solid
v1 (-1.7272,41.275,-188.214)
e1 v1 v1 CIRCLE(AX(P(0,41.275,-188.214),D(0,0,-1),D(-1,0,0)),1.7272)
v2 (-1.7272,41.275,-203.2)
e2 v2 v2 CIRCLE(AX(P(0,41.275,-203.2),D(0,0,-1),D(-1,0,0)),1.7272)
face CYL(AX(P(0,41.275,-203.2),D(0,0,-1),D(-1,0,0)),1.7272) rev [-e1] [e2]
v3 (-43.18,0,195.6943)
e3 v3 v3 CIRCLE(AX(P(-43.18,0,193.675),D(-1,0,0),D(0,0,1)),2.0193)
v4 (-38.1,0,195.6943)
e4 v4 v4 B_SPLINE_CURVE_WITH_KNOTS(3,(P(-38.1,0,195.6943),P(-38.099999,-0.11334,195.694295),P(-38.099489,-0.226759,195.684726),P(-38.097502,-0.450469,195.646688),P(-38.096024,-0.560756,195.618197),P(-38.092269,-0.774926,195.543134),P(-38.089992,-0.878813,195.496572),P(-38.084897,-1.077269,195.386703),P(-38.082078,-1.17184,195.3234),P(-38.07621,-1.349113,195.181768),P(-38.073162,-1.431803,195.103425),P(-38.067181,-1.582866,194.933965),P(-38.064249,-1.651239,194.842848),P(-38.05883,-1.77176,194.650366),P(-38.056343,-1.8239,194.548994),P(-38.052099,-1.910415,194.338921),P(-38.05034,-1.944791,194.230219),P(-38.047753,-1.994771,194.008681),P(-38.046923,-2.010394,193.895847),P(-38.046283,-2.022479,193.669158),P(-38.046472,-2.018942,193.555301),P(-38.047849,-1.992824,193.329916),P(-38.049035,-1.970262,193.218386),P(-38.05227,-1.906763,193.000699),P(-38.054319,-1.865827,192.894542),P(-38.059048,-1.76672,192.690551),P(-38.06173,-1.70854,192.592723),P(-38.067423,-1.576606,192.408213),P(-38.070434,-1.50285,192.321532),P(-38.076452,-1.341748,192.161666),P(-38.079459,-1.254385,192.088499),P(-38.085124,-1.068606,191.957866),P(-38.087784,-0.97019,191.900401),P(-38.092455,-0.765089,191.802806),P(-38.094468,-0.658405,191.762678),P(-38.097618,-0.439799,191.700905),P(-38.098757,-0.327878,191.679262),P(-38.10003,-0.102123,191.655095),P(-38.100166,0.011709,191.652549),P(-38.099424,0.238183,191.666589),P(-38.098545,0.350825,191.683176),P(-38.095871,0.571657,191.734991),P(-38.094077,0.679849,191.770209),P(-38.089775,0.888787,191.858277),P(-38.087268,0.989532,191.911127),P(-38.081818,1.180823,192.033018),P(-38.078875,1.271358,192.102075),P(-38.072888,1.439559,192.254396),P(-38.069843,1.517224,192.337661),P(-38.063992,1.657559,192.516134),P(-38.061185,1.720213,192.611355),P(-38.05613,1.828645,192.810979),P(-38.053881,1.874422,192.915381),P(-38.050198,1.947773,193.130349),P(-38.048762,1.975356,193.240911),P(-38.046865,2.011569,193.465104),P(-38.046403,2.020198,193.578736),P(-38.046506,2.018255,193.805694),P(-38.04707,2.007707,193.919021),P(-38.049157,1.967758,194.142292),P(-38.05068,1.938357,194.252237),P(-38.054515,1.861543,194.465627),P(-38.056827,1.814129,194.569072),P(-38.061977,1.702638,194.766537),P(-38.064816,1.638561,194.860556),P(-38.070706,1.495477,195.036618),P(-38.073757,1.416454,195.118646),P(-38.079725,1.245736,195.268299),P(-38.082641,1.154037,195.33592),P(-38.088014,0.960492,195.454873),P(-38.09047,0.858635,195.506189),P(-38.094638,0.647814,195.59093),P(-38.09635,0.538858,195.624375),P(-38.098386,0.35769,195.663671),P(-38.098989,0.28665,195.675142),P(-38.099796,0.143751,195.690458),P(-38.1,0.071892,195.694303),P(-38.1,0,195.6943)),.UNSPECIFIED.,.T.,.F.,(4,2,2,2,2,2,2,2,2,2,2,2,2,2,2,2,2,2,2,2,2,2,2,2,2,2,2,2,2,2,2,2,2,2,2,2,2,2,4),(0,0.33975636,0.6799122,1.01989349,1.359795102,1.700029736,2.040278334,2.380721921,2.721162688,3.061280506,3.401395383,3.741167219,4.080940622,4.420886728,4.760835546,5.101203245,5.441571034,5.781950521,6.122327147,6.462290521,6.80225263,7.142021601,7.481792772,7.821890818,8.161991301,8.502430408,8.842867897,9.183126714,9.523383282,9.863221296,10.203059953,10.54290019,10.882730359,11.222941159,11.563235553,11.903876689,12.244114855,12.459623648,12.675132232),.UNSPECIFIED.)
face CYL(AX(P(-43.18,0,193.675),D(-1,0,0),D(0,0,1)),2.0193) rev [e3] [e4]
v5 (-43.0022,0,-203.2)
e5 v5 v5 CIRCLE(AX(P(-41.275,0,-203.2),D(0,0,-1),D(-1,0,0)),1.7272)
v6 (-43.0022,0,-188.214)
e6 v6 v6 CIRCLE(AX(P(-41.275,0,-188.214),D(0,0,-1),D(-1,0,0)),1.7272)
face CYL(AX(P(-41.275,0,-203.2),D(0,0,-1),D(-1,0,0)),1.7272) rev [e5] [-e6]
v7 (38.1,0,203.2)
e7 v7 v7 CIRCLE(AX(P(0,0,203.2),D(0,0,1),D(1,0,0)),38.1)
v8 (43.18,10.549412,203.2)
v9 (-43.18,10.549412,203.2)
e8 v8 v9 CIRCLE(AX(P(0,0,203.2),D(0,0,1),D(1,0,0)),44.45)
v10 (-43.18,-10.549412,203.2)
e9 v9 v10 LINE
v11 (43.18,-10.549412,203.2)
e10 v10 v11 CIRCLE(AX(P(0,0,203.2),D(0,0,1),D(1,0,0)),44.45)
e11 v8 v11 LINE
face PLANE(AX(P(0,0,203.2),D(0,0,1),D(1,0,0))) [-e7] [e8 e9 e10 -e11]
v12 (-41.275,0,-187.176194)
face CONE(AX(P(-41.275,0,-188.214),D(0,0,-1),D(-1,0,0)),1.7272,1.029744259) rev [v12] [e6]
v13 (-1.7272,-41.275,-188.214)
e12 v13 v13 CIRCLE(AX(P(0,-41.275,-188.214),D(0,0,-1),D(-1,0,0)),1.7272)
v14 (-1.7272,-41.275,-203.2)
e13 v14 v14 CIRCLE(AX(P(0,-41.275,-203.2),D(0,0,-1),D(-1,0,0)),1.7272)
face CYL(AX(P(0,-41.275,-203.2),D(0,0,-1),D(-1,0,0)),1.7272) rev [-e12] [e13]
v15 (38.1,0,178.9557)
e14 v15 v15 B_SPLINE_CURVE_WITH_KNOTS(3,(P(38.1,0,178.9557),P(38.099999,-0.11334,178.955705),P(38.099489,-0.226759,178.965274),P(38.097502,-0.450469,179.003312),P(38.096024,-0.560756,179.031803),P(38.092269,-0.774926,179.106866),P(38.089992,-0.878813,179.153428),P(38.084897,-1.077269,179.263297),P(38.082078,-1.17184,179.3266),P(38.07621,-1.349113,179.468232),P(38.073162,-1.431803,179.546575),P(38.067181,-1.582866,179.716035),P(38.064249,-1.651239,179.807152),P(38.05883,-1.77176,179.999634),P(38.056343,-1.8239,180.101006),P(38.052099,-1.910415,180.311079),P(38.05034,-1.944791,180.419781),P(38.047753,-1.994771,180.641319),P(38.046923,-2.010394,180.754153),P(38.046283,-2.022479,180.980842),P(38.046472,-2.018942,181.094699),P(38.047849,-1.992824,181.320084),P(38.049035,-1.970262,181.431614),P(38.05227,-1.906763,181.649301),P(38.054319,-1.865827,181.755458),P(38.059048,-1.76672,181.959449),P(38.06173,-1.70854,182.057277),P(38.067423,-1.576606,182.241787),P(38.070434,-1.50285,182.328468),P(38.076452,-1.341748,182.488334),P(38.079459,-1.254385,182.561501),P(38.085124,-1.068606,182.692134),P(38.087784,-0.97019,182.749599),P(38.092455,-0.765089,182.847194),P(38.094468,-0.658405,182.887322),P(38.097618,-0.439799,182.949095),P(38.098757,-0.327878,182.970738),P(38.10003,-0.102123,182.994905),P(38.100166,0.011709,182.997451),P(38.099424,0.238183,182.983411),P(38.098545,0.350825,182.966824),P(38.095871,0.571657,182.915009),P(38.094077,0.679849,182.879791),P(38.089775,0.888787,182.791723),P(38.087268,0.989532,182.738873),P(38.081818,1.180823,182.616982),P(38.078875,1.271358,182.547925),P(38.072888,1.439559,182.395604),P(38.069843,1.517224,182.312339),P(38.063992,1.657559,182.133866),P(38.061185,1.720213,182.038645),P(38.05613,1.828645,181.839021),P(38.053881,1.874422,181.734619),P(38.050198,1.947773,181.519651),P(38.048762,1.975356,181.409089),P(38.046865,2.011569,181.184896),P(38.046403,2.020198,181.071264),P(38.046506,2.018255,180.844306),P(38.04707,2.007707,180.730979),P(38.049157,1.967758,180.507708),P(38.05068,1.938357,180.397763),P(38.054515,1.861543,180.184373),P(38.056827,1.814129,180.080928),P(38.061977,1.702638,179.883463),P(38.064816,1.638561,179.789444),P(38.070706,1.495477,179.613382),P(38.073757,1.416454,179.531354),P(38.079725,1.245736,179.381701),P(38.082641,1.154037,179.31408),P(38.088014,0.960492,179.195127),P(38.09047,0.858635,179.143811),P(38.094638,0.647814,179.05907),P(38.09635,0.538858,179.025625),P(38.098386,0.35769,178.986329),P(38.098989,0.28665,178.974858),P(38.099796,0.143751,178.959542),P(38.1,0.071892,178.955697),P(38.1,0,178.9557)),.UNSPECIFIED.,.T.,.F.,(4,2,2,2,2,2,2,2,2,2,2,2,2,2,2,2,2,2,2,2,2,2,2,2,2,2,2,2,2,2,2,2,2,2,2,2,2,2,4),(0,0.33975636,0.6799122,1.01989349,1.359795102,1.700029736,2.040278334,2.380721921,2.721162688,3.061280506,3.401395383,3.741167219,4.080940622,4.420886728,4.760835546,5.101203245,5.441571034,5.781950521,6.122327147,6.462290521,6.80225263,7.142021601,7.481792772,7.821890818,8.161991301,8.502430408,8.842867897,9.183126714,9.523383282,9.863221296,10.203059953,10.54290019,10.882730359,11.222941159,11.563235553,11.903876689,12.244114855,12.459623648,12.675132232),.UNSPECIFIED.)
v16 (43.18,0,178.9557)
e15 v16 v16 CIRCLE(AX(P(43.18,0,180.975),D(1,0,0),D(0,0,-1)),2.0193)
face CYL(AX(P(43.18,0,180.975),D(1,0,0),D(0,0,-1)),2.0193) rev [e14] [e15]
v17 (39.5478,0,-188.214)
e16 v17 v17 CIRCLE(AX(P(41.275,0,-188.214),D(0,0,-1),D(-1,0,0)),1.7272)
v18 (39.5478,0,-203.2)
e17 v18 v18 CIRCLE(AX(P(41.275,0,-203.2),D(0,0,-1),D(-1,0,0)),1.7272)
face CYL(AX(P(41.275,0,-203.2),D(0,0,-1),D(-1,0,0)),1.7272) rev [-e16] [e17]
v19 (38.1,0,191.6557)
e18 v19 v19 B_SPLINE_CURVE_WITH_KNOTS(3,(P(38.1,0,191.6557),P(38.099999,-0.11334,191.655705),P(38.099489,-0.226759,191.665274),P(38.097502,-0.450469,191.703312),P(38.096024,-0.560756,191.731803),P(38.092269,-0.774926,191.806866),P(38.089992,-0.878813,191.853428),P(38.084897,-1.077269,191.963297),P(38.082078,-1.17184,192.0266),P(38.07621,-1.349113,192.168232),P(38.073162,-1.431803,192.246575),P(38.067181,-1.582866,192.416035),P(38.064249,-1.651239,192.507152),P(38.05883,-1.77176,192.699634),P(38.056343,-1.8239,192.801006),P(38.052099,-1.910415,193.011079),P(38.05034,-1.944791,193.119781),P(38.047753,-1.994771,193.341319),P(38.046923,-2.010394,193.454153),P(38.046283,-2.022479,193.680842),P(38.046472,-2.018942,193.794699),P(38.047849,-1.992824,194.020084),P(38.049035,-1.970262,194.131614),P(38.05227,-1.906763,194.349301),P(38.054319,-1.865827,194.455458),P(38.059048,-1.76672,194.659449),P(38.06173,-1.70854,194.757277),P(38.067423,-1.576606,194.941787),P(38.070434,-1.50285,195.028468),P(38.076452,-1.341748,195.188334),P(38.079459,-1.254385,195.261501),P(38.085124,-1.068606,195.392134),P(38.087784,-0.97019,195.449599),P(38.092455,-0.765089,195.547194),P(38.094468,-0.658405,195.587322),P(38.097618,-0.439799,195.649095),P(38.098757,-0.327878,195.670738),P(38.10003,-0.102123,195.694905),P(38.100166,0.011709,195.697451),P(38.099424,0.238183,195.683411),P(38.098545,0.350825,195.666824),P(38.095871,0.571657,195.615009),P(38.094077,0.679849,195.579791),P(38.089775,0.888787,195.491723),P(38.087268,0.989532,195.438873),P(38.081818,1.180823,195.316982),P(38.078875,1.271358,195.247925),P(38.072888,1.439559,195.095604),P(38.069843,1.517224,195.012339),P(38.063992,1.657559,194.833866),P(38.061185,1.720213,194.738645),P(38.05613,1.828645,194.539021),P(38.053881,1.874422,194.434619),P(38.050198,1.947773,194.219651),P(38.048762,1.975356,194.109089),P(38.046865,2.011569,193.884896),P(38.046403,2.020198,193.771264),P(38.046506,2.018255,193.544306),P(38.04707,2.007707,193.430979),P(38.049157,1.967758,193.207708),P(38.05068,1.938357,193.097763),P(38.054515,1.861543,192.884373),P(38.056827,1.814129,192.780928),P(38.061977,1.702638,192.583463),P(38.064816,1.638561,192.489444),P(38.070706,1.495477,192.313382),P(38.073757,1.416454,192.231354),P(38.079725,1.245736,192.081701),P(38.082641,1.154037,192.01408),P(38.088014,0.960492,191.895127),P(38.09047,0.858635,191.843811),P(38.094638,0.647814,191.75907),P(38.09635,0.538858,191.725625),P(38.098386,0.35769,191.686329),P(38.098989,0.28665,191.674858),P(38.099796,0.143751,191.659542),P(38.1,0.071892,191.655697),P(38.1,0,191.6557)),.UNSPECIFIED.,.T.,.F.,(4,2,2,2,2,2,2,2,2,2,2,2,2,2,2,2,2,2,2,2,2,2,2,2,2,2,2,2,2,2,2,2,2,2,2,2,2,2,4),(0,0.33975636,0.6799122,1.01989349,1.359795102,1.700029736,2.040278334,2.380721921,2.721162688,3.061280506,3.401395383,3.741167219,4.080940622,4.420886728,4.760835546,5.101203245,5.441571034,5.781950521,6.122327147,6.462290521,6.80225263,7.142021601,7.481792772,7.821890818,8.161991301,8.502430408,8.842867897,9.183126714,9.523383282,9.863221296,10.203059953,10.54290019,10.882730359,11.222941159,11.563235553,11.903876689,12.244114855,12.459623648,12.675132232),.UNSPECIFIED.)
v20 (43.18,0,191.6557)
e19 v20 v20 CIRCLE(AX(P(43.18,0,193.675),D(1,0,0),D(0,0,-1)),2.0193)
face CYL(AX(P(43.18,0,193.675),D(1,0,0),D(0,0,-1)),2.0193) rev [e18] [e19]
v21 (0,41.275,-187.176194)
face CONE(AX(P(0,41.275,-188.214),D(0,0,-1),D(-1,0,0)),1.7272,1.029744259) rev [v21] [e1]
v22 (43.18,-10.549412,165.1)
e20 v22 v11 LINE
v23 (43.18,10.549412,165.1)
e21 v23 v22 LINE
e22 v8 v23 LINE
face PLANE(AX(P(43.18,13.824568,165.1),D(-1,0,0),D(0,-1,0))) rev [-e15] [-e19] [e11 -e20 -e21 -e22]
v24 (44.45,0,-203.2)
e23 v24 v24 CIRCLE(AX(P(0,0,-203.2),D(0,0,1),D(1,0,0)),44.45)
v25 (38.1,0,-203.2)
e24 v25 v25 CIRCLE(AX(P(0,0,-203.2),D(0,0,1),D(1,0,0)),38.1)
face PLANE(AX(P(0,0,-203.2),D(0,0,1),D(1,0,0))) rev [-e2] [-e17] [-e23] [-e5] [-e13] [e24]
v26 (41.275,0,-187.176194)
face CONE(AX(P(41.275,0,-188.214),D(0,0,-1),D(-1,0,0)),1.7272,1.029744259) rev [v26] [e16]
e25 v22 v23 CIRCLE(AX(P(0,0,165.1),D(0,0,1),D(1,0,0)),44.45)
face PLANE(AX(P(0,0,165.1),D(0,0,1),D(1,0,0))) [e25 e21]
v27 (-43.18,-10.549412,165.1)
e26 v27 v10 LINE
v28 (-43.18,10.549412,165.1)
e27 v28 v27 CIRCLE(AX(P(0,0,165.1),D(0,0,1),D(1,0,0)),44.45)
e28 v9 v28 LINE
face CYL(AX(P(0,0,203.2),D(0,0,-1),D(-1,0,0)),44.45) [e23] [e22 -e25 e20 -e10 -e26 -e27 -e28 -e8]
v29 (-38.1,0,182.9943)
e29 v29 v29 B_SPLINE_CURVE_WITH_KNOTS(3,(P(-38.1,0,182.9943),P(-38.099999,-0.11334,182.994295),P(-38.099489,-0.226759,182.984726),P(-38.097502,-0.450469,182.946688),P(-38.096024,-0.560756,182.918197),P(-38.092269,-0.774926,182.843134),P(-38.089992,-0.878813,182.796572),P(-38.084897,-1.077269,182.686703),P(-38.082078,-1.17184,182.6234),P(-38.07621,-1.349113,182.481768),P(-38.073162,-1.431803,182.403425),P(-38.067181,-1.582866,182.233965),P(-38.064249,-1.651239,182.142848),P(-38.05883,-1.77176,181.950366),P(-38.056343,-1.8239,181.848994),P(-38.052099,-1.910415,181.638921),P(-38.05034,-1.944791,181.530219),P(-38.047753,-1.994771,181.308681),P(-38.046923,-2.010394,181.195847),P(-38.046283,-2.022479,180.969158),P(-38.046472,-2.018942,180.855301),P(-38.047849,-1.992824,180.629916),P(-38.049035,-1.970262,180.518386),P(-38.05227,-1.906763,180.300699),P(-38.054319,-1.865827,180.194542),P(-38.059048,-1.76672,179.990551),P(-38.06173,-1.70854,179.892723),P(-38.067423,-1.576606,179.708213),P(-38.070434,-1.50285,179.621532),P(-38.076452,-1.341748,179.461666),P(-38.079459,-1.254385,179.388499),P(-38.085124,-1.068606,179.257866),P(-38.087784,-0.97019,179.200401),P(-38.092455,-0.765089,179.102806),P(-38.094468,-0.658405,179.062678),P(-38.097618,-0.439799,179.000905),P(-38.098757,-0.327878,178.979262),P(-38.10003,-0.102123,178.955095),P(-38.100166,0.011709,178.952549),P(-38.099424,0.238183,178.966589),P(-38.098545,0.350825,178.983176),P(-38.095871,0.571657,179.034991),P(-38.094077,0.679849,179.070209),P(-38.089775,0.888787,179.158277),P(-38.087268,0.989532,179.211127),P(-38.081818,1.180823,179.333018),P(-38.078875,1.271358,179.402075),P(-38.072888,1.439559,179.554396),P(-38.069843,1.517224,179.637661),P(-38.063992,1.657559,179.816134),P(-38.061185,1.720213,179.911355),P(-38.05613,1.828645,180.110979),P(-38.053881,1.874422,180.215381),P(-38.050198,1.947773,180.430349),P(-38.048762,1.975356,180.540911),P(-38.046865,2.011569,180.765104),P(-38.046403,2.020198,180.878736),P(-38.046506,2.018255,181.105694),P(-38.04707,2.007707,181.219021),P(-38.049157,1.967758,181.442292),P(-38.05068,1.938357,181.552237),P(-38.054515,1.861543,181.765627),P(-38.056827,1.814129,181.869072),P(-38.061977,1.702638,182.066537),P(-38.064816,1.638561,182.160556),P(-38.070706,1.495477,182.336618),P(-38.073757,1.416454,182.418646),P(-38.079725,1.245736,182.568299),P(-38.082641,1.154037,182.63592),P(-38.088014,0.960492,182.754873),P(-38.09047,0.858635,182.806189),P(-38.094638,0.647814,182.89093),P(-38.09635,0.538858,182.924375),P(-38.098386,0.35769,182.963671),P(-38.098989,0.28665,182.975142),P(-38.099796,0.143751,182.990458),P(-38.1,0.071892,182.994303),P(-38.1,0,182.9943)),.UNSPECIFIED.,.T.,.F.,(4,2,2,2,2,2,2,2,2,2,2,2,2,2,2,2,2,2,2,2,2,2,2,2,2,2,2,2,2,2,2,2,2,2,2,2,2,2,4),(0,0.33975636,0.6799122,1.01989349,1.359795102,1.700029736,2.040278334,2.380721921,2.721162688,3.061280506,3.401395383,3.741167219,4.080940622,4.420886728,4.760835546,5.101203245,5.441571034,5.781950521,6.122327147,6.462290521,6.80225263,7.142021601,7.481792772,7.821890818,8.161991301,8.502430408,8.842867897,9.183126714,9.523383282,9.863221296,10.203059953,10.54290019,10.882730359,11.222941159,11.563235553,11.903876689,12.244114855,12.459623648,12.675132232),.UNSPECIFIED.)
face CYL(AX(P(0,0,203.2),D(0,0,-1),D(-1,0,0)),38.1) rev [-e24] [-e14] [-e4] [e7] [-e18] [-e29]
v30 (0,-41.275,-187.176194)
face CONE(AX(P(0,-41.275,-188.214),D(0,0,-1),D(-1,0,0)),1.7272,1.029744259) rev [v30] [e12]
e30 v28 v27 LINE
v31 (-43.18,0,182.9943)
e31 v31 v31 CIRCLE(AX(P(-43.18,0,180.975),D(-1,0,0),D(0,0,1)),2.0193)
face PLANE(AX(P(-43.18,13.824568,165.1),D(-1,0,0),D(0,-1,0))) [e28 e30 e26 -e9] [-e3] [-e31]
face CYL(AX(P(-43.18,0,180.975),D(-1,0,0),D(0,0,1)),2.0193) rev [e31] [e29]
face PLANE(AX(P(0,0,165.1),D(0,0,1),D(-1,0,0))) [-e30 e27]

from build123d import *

# Parameters (mm, degrees)
SKETCH1_R                       = 44.45
SKETCH1_R_2                     = 38.1
BOSS_EXTRUDE1_DEPTH             = 203.2
SKETCH2_W                       = 7.89975339
SKETCH2_H                       = 28.462346772
CUT_EXTRUDE1_DEPTH              = 38.1
F_10_32_TAPPED_HOLE1_AT_2_COUNT = 2
F_10_32_TAPPED_HOLE1_AT_2_PITCH = 12.7
F_8_32_TAPPED_HOLE1_D           = 3.4544
F_8_32_TAPPED_HOLE1_DEPTH       = 14.986
F_8_32_TAPPED_HOLE1_TIP         = 1.037806461


with BuildPart() as part:
    # Sketch1 → Boss-Extrude1 (new, symmetric)
    with BuildSketch(Plane.XY):
        Circle(SKETCH1_R)
        Circle(SKETCH1_R_2, mode=Mode.SUBTRACT)
    extrude(amount=BOSS_EXTRUDE1_DEPTH, both=True)

    # Sketch2 → Cut-Extrude1 (cut)
    with BuildSketch(Plane.XY.offset(203.2)):
        with Locations((47.129876695, -0.406604954)):
            Rectangle(SKETCH2_W, SKETCH2_H)
    cut_extrude1 = extrude(amount=-CUT_EXTRUDE1_DEPTH, mode=Mode.SUBTRACT)

    # Sketch3 → #10-32 Tapped Hole1 (revolve, cut)
    with BuildSketch(Plane(origin=(43.18, 0, 193.675), x_dir=(0, 0, -1), z_dir=(0, 1, 0))):
        Polygon((0, 0), (0, 14.929317848), (2.0193, 13.716), (2.0193, 0), align=None)
    f_10_32_tapped_hole1 = revolve(axis=Axis((49.53, 0, 193.675), (-1, 0, 0)), mode=Mode.SUBTRACT)

    # #10-32 Tapped Hole1 at 2: #10-32 Tapped Hole1 ×2
    with Locations(*[(0, 0, -i * F_10_32_TAPPED_HOLE1_AT_2_PITCH) for i in range(1, F_10_32_TAPPED_HOLE1_AT_2_COUNT)]):
        add(f_10_32_tapped_hole1, mode=Mode.SUBTRACT)

    # #8-32 Tapped Hole1
    with Locations(Plane(origin=(0, 0, -203.2), x_dir=(-1, 0, 0), z_dir=(0, 0, -1))):
        with Locations((0, 41.275), (-41.275, 0), (41.275, 0), (0, -41.275)):
            Hole(F_8_32_TAPPED_HOLE1_D / 2, depth=F_8_32_TAPPED_HOLE1_DEPTH)
            with Locations((0, 0, -(F_8_32_TAPPED_HOLE1_DEPTH + F_8_32_TAPPED_HOLE1_TIP / 2))):  # 118° drill point
                Cone(0, F_8_32_TAPPED_HOLE1_D / 2, F_8_32_TAPPED_HOLE1_TIP, mode=Mode.SUBTRACT)

    # Mirror1: Cut-Extrude1, #10-32 Tapped Hole1 across plane
    add(cut_extrude1.mirror(Plane(origin=(0, 0, 0), x_dir=(0, 0, 1), z_dir=(1, 0, 0))), mode=Mode.SUBTRACT)
    add(f_10_32_tapped_hole1.mirror(Plane(origin=(0, 0, 0), x_dir=(0, 0, 1), z_dir=(1, 0, 0))), mode=Mode.SUBTRACT)

    # Mirror1 copy 1 sketch → Mirror1 copy 1 (revolve, cut)
    with BuildSketch(Plane(origin=(-43.18, 0, 180.975), x_dir=(0, 0, -1), z_dir=(0, 1, 0))):
        Polygon((0, 0), (0, -14.929317848), (2.0193, -13.716), (2.0193, 0), align=None)
    revolve(axis=Axis((-49.53, 0, 180.975), (-1, 0, 0)), mode=Mode.SUBTRACT)


solid = part.part
